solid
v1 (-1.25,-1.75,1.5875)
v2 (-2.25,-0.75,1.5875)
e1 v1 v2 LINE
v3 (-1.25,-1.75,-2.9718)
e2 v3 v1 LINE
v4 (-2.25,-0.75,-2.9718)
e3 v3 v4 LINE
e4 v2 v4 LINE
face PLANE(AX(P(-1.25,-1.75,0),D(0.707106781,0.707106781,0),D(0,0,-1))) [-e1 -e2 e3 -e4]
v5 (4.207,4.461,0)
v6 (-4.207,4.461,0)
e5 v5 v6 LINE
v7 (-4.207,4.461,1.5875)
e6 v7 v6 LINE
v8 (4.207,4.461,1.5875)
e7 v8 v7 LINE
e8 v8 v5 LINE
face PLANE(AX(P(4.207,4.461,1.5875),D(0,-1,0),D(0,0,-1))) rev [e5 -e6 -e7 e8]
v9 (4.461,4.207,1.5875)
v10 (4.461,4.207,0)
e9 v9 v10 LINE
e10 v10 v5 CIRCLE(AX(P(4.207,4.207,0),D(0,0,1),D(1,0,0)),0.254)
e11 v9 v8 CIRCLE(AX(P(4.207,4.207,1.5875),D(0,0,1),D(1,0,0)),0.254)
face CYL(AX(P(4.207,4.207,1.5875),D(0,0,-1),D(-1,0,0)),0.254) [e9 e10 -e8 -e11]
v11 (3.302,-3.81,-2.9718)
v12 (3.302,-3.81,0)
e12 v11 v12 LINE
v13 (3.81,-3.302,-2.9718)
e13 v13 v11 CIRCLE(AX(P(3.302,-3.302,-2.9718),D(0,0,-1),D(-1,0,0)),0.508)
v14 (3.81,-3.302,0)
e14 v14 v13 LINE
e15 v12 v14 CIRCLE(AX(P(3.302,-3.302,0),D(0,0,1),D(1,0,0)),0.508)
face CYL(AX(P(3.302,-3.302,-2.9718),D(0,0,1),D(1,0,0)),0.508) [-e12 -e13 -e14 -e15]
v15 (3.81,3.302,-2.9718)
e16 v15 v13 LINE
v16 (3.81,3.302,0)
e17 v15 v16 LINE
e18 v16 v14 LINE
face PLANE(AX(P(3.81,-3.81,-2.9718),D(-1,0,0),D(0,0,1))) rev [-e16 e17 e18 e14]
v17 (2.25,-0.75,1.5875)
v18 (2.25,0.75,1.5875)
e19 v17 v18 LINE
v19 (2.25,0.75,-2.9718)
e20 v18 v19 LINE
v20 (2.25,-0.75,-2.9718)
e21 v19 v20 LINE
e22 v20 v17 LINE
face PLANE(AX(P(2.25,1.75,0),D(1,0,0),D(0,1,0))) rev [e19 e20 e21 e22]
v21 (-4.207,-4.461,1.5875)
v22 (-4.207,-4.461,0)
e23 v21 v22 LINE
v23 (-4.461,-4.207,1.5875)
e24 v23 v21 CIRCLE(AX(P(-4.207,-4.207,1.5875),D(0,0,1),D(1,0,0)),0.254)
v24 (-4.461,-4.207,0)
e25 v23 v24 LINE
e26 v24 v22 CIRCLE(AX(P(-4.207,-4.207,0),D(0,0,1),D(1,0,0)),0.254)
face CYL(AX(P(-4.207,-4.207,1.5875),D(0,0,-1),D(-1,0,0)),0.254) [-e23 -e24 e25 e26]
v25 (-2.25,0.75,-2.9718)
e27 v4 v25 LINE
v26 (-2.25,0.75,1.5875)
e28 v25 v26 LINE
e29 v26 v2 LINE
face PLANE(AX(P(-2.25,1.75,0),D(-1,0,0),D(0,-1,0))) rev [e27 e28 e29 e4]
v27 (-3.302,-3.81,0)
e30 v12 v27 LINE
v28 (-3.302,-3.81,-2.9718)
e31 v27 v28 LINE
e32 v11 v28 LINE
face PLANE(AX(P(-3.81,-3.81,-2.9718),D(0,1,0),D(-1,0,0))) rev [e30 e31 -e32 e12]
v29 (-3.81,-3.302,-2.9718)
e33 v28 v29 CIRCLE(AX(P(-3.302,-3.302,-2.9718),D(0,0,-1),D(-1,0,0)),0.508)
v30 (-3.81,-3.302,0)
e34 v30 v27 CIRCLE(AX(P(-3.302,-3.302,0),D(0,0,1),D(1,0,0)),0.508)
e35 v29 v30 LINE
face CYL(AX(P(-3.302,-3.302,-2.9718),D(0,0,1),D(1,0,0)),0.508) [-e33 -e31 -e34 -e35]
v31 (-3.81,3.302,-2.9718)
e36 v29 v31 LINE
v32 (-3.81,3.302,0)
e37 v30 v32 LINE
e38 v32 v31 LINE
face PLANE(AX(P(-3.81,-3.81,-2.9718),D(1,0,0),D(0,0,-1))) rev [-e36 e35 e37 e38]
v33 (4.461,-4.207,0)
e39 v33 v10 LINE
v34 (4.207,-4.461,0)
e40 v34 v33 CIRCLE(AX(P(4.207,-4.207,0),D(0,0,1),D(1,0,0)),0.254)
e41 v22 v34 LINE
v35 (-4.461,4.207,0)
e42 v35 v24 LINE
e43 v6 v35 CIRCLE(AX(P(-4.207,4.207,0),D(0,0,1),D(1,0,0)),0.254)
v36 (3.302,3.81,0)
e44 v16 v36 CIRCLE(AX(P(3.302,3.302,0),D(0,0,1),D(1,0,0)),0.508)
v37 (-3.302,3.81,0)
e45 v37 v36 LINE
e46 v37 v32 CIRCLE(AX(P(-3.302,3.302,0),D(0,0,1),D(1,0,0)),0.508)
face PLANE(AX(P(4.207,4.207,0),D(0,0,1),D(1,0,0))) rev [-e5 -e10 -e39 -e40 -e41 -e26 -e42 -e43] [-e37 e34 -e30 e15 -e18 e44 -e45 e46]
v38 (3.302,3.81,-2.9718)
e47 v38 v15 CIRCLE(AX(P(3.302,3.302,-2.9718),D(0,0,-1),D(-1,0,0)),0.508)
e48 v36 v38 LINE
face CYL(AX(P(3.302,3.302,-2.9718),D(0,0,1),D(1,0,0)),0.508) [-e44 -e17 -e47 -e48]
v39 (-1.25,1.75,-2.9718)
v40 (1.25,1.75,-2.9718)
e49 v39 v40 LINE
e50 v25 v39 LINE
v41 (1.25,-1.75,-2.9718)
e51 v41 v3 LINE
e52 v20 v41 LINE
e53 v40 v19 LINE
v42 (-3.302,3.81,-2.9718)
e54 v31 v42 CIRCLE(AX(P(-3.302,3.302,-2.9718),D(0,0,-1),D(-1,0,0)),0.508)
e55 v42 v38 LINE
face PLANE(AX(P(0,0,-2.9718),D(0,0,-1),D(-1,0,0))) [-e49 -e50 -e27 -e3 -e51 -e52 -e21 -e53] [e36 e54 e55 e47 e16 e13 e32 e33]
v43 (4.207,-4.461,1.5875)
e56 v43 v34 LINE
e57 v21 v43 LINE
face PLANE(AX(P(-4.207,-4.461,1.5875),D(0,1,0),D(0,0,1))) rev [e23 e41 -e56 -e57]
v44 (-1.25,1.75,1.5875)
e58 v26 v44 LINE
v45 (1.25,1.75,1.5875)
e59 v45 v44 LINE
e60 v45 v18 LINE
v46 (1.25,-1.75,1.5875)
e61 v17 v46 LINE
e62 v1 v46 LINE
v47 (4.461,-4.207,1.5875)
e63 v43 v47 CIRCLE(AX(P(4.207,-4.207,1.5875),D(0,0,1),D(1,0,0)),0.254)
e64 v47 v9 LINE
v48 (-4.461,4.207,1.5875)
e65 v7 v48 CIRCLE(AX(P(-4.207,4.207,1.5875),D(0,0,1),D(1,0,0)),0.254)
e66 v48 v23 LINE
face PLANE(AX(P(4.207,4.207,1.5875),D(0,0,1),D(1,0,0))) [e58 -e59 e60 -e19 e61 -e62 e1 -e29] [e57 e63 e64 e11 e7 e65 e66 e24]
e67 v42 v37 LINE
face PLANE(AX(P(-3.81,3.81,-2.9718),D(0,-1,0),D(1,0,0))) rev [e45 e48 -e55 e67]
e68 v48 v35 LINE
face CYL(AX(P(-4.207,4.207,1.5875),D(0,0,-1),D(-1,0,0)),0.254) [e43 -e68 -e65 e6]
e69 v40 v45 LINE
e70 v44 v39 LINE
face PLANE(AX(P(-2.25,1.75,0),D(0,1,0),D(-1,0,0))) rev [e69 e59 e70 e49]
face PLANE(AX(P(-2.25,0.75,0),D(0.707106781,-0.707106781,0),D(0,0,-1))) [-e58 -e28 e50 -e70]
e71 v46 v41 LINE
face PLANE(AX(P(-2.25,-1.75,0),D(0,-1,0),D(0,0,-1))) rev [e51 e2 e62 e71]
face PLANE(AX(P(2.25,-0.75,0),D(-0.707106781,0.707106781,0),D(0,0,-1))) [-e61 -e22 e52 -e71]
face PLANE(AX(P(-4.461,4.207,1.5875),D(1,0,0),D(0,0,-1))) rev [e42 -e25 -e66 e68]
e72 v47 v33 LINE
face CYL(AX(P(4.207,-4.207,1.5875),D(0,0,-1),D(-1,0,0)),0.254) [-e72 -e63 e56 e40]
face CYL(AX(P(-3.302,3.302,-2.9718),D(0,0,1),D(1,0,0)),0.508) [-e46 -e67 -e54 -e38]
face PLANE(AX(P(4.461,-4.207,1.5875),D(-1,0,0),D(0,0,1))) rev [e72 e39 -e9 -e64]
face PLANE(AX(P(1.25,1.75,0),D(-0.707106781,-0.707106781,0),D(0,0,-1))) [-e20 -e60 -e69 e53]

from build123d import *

# Parameters (mm, degrees)
BOSS_EXTRUDE1_DEPTH = 1.5875
SKETCH2_W           = 4.5
SKETCH2_H           = 3.5
CUT_EXTRUDE1_DEPTH  = 2.5875
CHAMFER1_SIZE       = 1
SKETCH3_W           = 7.62
SKETCH3_H           = 7.62
BOSS_EXTRUDE2_DEPTH = 2.9718
FILLET1_R           = 0.508


with BuildPart() as part:
    # Sketch1 → Boss-Extrude1 (new body)
    with BuildSketch(Plane.XY):
        with BuildLine():
            Line((4.207, 4.461), (-4.207, 4.461))
            ThreePointArc((-4.207, 4.461), (-4.386605122, 4.386605122), (-4.461, 4.207))
            Line((-4.461, 4.207), (-4.461, -4.207))
            ThreePointArc((-4.461, -4.207), (-4.386605122, -4.386605122), (-4.207, -4.461))
            Line((-4.207, -4.461), (4.207, -4.461))
            ThreePointArc((4.207, -4.461), (4.386605122, -4.386605122), (4.461, -4.207))
            Line((4.461, -4.207), (4.461, 4.207))
            ThreePointArc((4.461, 4.207), (4.386605122, 4.386605122), (4.207, 4.461))
        make_face()
    extrude(amount=BOSS_EXTRUDE1_DEPTH)

    # Sketch2 → Cut-Extrude1 (cut, through all)
    with BuildSketch(Plane.XY.offset(1.5875)):
        Rectangle(SKETCH2_W, SKETCH2_H)
    extrude(amount=-CUT_EXTRUDE1_DEPTH, mode=Mode.SUBTRACT)

    # Chamfer1
    chamfer1_edges = [part.edges().sort_by_distance(p)[0] for p in [
        (2.25, 1.75, 0.79375),
        (2.25, -1.75, 0.79375),
        (-2.25, -1.75, 0.79375),
        (-2.25, 1.75, 0.79375),
    ]]
    chamfer(chamfer1_edges, length=CHAMFER1_SIZE)

    # Sketch3 → Boss-Extrude2 (add)
    with BuildSketch(Plane(origin=(0, 0, 0), x_dir=(-1, 0, 0), z_dir=(0, 0, -1))):
        Rectangle(SKETCH3_W, SKETCH3_H)
        Polygon((2.25, -0.75), (2.25, 0.75), (1.25, 1.75), (-1.25, 1.75), (-2.25, 0.75), (-2.25, -0.75), (-1.25, -1.75), (1.25, -1.75), align=None, mode=Mode.SUBTRACT)
    extrude(amount=BOSS_EXTRUDE2_DEPTH)

    # Fillet1
    fillet1_edges = [part.edges().sort_by_distance(p)[0] for p in [
        (3.81, 3.81, -1.4859),
        (3.81, -3.81, -1.4859),
        (-3.81, -3.81, -1.4859),
        (-3.81, 3.81, -1.4859),
    ]]
    fillet(fillet1_edges, radius=FILLET1_R)


solid = part.part
